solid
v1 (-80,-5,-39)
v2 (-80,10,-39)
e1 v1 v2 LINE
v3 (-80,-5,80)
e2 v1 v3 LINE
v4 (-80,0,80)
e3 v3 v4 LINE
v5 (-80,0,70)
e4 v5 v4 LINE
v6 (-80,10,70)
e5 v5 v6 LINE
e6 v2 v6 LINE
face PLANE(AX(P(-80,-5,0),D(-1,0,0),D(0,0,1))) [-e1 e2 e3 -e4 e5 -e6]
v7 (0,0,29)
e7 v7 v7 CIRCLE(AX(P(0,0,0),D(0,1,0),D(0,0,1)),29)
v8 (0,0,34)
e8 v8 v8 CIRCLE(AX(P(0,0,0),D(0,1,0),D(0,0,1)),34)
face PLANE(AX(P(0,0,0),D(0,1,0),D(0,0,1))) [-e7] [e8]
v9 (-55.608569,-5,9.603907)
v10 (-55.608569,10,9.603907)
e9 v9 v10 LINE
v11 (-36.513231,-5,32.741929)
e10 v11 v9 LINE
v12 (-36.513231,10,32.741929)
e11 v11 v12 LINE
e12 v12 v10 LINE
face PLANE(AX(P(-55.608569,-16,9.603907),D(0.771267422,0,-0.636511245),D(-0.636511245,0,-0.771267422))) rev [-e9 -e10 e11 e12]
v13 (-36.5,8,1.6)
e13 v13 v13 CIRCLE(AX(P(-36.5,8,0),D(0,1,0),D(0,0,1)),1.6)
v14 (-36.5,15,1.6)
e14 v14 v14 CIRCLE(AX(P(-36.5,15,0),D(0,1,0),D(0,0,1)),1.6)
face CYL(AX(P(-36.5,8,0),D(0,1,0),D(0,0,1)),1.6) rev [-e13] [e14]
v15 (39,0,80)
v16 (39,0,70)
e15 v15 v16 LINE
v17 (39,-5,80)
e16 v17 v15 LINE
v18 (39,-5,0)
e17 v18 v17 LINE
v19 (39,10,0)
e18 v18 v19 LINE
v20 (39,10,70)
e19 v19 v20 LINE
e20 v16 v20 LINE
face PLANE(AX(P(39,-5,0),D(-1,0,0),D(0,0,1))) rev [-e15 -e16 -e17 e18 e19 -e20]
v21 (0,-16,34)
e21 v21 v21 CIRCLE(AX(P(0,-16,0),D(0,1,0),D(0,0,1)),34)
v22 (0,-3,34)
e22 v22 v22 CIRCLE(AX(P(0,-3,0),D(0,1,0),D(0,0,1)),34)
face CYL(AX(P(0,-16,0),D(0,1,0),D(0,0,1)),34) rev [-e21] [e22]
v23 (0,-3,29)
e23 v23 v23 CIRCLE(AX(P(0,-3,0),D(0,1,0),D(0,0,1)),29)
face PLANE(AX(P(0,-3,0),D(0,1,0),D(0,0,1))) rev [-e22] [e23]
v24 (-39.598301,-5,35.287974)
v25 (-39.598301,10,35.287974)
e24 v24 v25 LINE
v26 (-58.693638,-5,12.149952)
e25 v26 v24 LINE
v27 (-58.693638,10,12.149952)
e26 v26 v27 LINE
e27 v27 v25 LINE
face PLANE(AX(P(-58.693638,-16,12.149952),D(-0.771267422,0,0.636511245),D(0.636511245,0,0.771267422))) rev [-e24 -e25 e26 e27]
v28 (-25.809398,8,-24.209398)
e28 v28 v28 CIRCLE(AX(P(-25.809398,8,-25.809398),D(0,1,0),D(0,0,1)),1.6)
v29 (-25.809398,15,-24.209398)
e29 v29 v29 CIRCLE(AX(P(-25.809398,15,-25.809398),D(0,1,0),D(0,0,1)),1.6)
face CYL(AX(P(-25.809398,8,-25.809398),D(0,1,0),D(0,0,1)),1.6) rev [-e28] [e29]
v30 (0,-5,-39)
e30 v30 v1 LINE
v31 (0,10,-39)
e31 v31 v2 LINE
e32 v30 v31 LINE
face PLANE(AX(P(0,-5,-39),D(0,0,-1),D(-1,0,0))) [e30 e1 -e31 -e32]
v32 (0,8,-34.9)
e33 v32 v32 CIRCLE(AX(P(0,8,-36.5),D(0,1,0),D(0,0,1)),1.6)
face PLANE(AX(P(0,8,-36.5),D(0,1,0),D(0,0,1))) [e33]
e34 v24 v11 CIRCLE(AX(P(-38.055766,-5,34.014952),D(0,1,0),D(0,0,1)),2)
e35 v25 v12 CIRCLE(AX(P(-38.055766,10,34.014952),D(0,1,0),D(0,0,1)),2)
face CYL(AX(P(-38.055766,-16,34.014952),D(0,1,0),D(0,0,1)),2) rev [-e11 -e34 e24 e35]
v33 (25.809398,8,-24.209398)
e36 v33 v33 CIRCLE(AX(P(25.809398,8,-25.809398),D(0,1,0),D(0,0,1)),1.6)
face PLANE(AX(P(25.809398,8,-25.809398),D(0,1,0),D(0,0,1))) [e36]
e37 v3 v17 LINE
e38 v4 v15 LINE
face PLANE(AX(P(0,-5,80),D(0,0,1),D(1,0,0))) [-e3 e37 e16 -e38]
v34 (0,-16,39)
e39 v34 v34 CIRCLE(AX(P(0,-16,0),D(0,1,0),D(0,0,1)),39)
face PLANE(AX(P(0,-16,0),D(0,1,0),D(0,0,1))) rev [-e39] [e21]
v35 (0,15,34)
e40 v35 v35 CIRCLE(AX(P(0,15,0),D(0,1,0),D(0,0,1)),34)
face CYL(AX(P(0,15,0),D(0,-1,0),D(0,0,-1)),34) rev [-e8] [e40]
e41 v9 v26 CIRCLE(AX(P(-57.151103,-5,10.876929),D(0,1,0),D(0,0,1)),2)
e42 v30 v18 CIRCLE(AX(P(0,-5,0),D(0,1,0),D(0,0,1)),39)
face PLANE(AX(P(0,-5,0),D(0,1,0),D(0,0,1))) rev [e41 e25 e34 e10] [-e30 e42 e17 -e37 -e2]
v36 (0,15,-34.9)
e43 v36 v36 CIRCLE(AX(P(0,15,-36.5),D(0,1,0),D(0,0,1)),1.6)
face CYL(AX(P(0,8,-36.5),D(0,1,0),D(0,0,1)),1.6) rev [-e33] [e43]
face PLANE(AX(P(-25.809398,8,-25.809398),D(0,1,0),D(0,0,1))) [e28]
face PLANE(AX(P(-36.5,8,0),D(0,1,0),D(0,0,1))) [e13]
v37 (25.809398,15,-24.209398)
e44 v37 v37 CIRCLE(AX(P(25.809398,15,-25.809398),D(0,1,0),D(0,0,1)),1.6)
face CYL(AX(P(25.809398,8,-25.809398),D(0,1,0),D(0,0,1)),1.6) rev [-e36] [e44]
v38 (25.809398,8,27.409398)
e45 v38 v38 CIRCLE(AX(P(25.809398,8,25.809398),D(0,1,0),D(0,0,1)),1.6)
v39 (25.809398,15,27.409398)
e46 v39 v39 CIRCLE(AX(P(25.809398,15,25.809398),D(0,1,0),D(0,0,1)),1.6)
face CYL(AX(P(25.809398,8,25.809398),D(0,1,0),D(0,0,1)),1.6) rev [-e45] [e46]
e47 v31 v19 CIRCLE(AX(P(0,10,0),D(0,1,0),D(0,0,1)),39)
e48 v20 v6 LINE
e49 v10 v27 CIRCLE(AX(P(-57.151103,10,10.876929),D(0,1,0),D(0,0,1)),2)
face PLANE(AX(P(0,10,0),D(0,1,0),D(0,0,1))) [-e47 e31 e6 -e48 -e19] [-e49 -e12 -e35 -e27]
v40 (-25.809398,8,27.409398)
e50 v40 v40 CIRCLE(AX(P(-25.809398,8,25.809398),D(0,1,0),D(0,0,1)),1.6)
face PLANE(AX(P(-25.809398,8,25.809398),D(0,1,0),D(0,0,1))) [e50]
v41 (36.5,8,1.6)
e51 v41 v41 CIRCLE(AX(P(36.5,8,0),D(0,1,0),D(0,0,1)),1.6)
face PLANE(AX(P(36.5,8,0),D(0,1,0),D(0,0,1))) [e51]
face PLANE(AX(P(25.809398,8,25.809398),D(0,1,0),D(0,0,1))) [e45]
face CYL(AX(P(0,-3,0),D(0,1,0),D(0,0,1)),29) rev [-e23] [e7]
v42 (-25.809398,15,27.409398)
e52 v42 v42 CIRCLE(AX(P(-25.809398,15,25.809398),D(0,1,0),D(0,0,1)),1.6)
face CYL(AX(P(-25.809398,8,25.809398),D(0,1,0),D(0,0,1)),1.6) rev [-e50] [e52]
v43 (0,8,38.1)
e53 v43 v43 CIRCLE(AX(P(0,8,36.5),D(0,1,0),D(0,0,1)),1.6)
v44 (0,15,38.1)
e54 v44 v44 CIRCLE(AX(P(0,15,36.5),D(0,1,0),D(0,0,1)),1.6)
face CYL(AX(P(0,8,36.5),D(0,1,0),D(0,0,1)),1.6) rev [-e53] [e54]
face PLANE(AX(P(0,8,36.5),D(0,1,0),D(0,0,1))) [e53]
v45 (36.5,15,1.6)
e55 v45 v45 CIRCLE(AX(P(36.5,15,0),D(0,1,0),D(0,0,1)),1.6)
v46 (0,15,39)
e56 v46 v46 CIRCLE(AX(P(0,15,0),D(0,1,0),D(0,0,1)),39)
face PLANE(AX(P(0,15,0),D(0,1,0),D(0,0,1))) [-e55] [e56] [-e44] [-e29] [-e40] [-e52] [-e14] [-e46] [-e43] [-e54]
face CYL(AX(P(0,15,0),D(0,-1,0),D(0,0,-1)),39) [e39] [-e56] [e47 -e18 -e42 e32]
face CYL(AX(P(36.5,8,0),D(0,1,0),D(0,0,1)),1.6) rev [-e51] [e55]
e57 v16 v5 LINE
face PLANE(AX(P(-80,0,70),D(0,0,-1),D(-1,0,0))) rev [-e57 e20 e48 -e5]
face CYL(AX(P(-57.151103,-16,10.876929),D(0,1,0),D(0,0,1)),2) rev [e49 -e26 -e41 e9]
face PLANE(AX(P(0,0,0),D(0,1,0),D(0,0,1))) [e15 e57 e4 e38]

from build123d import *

# Parameters (mm, degrees)
SKETCH2_R                = 34
BOSS_EXTRUDE1_DEPTH      = 15
BOSS_EXTRUDE2_START      = -3
SKETCH2_3_R              = 39
SKETCH2_3_R_2            = 29
BOSS_EXTRUDE2_DEPTH      = 3
BOSS_EXTRUDE3_START      = -16
SKETCH2_4_R              = 34
BOSS_EXTRUDE3_DEPTH      = 16
BOSS_EXTRUDE4_DEPTH      = 10
BOSS_EXTRUDE4_DEPTH_BACK = 5
SKETCH3_W                = 119
SKETCH3_H                = 10
CUT_EXTRUDE1_DEPTH       = 10
SKETCH4_R                = 1.6
CUT_EXTRUDE2_DEPTH       = 7
CUT_EXTRUDE3_DEPTH       = 117.086174887


with BuildPart() as part:
    # Sketch2 → Boss-Extrude1 (new body)
    with BuildSketch(Plane(origin=(0, 0, 0), x_dir=(1, 0, 0), z_dir=(0, 1, 0))):
        with BuildLine():
            ThreePointArc((39, 0), (27.577164466, 27.577164466), (0, 39))
            ThreePointArc((0, 39), (-27.577164466, -27.577164466), (39, 0))
        make_face()
        Circle(SKETCH2_R, mode=Mode.SUBTRACT)
    extrude(amount=BOSS_EXTRUDE1_DEPTH)

    # Sketch2<3> → Boss-Extrude2 (add)
    with BuildSketch(Plane(origin=(0, 0, 0), x_dir=(1, 0, 0), z_dir=(0, 1, 0)).offset(BOSS_EXTRUDE2_START)):
        Circle(SKETCH2_3_R)
        Circle(SKETCH2_3_R_2, mode=Mode.SUBTRACT)
    extrude(amount=BOSS_EXTRUDE2_DEPTH)

    # Sketch2<4> → Boss-Extrude3 (add)
    with BuildSketch(Plane(origin=(0, 0, 0), x_dir=(1, 0, 0), z_dir=(0, 1, 0)).offset(BOSS_EXTRUDE3_START)):
        with BuildLine():
            ThreePointArc((39, 0), (27.577164466, 27.577164466), (0, 39))
            ThreePointArc((0, 39), (-27.577164466, -27.577164466), (39, 0))
        make_face()
        Circle(SKETCH2_4_R, mode=Mode.SUBTRACT)
    extrude(amount=BOSS_EXTRUDE3_DEPTH)

    # Sketch2<6> → Boss-Extrude4 (add, two sides: drawn at the far end of the back side and taken through both)
    with BuildSketch(Plane(origin=(0, 0, 0), x_dir=(1, 0, 0), z_dir=(0, 1, 0)).offset(-BOSS_EXTRUDE4_DEPTH_BACK)):
        with BuildLine():
            ThreePointArc((39, 0), (-27.577164466, -27.577164466), (0, 39))
            Line((0, 39), (-80, 39))
            Line((-80, 39), (-80, -80))
            Line((-80, -80), (0, -80))
            Line((0, -80), (39, -80))
            Line((39, -80), (39, 0))
        make_face()
    extrude(amount=BOSS_EXTRUDE4_DEPTH + BOSS_EXTRUDE4_DEPTH_BACK)

    # Sketch3 → Cut-Extrude1 (cut)
    with BuildSketch(Plane(origin=(0, 10, 0), x_dir=(1, 0, 0), z_dir=(0, 1, 0))):
        with Locations((-20.5, -75)):
            Rectangle(SKETCH3_W, SKETCH3_H)
    extrude(amount=-CUT_EXTRUDE1_DEPTH, mode=Mode.SUBTRACT)

    # Sketch4 → Cut-Extrude2 (cut)
    with BuildSketch(Plane(origin=(0, 15, 0), x_dir=(1, 0, 0), z_dir=(0, 1, 0))):
        with Locations((0, 36.5)):
            Circle(SKETCH4_R)
        with Locations((25.809397513, 25.809397513)):
            Circle(SKETCH4_R)
        with Locations((36.5, 0)):
            Circle(SKETCH4_R)
        with Locations((25.809397513, -25.809397513)):
            Circle(SKETCH4_R)
        with Locations((0, -36.5)):
            Circle(SKETCH4_R)
        with Locations((-25.809397513, -25.809397513)):
            Circle(SKETCH4_R)
        with Locations((-36.5, 0)):
            Circle(SKETCH4_R)
        with Locations((-25.809397513, 25.809397513)):
            Circle(SKETCH4_R)
    extrude(amount=-CUT_EXTRUDE2_DEPTH, mode=Mode.SUBTRACT)

    # Sketch5 → Cut-Extrude3 (cut, through all)
    with BuildSketch(Plane(origin=(0, 10, 0), x_dir=(1, 0, 0), z_dir=(0, 1, 0))):
        with BuildLine():
            Line((-55.608568551, -9.603906759), (-36.513231213, -32.741929405))
            ThreePointArc((-36.513231213, -32.741929405), (-36.782743567, -35.557486737), (-39.598300899, -35.287974383))
            Line((-39.598300899, -35.287974383), (-58.693638237, -12.149951738))
            ThreePointArc((-58.693638237, -12.149951738), (-58.424125883, -9.334394405), (-55.608568551, -9.603906759))
        make_face()
    extrude(amount=-CUT_EXTRUDE3_DEPTH, mode=Mode.SUBTRACT)


solid = part.part
